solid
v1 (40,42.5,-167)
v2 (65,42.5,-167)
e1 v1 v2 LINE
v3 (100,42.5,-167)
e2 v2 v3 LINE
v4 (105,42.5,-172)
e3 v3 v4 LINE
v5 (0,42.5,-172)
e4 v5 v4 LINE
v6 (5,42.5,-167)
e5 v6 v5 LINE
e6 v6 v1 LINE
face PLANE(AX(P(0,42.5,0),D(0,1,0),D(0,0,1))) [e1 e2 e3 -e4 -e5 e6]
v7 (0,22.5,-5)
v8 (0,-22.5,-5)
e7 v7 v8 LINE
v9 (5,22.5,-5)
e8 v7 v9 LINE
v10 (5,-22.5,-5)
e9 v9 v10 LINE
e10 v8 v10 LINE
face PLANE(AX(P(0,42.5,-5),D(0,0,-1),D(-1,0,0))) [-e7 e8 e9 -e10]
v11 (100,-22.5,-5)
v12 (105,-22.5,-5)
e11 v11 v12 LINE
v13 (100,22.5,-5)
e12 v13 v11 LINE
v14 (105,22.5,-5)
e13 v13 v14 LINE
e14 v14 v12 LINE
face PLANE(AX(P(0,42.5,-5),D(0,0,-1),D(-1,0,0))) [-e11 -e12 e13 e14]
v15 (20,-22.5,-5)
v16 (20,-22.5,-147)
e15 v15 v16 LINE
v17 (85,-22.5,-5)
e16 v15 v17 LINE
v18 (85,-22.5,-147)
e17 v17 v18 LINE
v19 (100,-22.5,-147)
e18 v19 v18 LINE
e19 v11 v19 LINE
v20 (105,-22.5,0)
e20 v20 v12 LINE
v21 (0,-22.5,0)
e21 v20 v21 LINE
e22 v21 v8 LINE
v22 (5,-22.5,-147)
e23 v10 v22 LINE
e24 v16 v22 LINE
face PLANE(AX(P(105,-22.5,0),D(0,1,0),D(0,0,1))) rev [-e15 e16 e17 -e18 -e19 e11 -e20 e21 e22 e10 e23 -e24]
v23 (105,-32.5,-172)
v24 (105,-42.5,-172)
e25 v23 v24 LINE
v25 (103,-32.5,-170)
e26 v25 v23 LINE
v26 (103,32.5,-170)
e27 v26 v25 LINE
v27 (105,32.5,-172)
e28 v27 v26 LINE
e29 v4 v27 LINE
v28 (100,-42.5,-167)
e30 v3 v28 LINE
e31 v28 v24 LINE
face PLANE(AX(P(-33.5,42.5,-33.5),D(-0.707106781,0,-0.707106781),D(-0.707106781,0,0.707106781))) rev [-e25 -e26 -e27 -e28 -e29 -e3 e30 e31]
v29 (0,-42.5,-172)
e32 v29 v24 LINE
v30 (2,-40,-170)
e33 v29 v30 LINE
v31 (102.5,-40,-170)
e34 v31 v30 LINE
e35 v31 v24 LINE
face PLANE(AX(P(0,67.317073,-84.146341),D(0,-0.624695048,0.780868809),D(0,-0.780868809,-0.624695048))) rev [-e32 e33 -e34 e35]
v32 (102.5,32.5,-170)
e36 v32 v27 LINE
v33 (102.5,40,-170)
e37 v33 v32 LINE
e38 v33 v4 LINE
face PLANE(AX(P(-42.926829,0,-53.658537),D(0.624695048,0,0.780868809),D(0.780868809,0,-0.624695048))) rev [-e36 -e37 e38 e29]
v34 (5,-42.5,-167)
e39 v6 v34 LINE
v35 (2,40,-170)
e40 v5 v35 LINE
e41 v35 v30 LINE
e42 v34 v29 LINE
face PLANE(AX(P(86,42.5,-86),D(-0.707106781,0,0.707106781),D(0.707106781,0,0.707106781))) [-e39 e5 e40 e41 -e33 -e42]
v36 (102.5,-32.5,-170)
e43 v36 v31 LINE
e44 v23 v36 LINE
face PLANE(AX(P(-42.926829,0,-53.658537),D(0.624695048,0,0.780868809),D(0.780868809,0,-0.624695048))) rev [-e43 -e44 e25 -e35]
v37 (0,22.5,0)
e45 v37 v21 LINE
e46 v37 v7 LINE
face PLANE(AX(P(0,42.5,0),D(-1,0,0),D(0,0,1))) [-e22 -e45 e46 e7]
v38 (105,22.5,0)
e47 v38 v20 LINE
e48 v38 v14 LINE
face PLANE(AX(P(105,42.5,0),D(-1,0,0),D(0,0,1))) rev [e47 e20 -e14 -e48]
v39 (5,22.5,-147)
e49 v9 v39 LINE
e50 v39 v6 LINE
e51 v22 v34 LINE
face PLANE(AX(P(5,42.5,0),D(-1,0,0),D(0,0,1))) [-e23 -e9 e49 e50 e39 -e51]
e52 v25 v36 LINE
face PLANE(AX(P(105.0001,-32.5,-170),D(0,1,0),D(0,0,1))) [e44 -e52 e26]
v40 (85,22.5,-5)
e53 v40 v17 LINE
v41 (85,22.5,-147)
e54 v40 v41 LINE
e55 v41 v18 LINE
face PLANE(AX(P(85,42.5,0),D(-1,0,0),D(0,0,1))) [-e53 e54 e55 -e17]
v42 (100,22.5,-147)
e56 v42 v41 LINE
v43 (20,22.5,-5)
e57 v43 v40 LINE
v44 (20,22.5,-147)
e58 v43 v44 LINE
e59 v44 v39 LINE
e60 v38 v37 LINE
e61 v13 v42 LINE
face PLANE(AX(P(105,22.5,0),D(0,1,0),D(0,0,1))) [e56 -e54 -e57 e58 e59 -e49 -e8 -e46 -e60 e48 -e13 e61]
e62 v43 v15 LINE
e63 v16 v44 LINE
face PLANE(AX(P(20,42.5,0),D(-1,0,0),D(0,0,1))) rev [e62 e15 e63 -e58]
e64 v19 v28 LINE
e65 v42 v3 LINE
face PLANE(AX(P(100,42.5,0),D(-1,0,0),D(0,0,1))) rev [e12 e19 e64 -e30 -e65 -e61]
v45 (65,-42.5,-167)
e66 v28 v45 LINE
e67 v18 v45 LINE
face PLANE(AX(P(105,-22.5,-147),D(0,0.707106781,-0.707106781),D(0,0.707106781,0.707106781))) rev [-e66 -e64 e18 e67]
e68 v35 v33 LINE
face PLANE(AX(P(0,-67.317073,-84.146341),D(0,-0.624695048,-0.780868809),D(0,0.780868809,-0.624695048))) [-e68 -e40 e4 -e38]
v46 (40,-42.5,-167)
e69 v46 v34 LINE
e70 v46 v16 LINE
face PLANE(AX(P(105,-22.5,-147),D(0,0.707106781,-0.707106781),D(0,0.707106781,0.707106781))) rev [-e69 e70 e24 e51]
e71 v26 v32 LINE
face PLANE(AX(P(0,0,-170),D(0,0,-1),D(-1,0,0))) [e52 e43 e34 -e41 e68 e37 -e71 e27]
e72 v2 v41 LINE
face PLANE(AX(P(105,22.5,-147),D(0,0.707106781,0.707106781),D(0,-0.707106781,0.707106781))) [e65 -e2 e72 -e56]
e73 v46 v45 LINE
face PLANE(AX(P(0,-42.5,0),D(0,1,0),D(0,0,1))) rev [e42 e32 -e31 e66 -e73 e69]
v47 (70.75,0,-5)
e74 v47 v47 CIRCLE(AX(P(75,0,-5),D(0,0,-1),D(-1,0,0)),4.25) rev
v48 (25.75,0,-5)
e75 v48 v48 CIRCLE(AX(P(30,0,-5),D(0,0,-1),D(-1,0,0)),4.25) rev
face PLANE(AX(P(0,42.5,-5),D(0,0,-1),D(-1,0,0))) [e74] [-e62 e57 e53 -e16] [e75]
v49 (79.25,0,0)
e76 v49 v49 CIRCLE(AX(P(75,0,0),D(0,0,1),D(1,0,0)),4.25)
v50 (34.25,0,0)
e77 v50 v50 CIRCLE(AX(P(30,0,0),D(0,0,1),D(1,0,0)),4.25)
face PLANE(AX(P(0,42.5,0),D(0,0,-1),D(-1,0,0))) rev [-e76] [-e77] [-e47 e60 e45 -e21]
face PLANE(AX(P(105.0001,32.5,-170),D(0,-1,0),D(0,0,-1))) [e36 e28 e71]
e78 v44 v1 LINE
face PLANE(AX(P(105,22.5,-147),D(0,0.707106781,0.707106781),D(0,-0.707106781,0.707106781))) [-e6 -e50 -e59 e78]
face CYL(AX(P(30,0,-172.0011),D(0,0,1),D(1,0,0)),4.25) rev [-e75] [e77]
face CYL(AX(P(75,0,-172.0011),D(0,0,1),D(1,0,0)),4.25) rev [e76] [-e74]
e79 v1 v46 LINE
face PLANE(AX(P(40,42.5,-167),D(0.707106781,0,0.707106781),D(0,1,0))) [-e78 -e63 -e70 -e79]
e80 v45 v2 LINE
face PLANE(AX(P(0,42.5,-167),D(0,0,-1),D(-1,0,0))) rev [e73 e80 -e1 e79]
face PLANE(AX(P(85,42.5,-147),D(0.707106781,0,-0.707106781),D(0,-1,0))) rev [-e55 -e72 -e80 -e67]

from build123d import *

# Parameters (mm, degrees)
SKETCH1_W           = 65
SKETCH1_H           = 162
BOSS_EXTRUDE1_DEPTH = 42.5
CUT_EXTRUDE1_DEPTH  = 206.949629764
CUT_EXTRUDE2_REACH  = 207.95
SKETCH4_R           = 4.25
SKETCH5_W           = 2
SKETCH5_H           = 65
CUT_EXTRUDE3_DEPTH  = 206.949629919
CHAMFER1_SIZE       = 20


with BuildPart() as part:
    # Sketch1 → Boss-Extrude1 (new, symmetric)
    with BuildSketch(Plane(origin=(0, 0, 0), x_dir=(1, 0, 0), z_dir=(0, 1, 0))):
        Polygon((100, 5), (100, 167), (105, 172), (0, 172), (5, 167), (5, 5), (0, 5), (0, 0), (105, 0), (105, 5), align=None)
        with Locations((52.5, 86)):
            Rectangle(SKETCH1_W, SKETCH1_H, mode=Mode.SUBTRACT)
    extrude(amount=BOSS_EXTRUDE1_DEPTH, both=True)

    # Sketch2 → Cut-Extrude1 (cut, through all)
    with BuildSketch(Plane(origin=(0, 0, 0), x_dir=(0, 0, -1), z_dir=(1, 0, 0))):
        Polygon((0, 22.5), (147, 22.5), (167, 42.5), (0, 42.5), align=None)
    cut_extrude1 = extrude(amount=CUT_EXTRUDE1_DEPTH, mode=Mode.SUBTRACT)

    # Mirror1: Cut-Extrude1 across plane
    add(cut_extrude1.mirror(Plane.ZX), mode=Mode.SUBTRACT)

    # Sketch3 → section 0 of cut_loft1
    with BuildSketch(Plane(origin=(0, 0, -170), x_dir=(-1, 0, 0), z_dir=(0, 0, -1)), mode=Mode.PRIVATE) as cut_loft1_s0:
        with BuildLine():
            Line((-102.5, 40), (0, 40))
            Line((0, 40), (0, -40))
            Line((0, -40), (-102.5, -40))
            Line((-102.5, -40), (-102.5, 40))
        make_face()
    # loft up to a face of the part (cut_loft1)
    loft([cut_loft1_s0.sketch, part.faces().sort_by_distance((52.5, 0, -172))[0]], mode=Mode.SUBTRACT)

    # Sketch4 → Cut-Extrude2 (cut, up to next)
    with BuildSketch(Plane.XY, mode=Mode.PRIVATE) as cut_extrude2_sk1:
        with Locations((30, 0)):
            Circle(SKETCH4_R)
    cut_extrude2_tool1 = extrude(cut_extrude2_sk1.sketch, amount=-CUT_EXTRUDE2_REACH, mode=Mode.PRIVATE) & part.part
    # Sketch4 → Cut-Extrude2 (cut, up to next)
    with BuildSketch(Plane.XY, mode=Mode.PRIVATE) as cut_extrude2_sk2:
        with Locations((75, 0)):
            Circle(SKETCH4_R)
    cut_extrude2_tool2 = extrude(cut_extrude2_sk2.sketch, amount=-CUT_EXTRUDE2_REACH, mode=Mode.PRIVATE) & part.part
    add(cut_extrude2_tool1.solids().sort_by_distance((30, 0, 0))[0], mode=Mode.SUBTRACT)
    add(cut_extrude2_tool2.solids().sort_by_distance((75, 0, 0))[0], mode=Mode.SUBTRACT)

    # Sketch5 → Cut-Extrude3 (cut, through all)
    with BuildSketch(Plane(origin=(0, 0, 0), x_dir=(0, 0, -1), z_dir=(1, 0, 0))):
        with Locations((171, 0)):
            Rectangle(SKETCH5_W, SKETCH5_H)
    extrude(amount=CUT_EXTRUDE3_DEPTH, mode=Mode.SUBTRACT)

    # Chamfer1
    chamfer1_edges = [part.edges().sort_by_distance(p)[0] for p in [
        (85, 0, -167),
        (20, 0, -167),
    ]]
    chamfer(chamfer1_edges, length=CHAMFER1_SIZE)


solid = part.part
